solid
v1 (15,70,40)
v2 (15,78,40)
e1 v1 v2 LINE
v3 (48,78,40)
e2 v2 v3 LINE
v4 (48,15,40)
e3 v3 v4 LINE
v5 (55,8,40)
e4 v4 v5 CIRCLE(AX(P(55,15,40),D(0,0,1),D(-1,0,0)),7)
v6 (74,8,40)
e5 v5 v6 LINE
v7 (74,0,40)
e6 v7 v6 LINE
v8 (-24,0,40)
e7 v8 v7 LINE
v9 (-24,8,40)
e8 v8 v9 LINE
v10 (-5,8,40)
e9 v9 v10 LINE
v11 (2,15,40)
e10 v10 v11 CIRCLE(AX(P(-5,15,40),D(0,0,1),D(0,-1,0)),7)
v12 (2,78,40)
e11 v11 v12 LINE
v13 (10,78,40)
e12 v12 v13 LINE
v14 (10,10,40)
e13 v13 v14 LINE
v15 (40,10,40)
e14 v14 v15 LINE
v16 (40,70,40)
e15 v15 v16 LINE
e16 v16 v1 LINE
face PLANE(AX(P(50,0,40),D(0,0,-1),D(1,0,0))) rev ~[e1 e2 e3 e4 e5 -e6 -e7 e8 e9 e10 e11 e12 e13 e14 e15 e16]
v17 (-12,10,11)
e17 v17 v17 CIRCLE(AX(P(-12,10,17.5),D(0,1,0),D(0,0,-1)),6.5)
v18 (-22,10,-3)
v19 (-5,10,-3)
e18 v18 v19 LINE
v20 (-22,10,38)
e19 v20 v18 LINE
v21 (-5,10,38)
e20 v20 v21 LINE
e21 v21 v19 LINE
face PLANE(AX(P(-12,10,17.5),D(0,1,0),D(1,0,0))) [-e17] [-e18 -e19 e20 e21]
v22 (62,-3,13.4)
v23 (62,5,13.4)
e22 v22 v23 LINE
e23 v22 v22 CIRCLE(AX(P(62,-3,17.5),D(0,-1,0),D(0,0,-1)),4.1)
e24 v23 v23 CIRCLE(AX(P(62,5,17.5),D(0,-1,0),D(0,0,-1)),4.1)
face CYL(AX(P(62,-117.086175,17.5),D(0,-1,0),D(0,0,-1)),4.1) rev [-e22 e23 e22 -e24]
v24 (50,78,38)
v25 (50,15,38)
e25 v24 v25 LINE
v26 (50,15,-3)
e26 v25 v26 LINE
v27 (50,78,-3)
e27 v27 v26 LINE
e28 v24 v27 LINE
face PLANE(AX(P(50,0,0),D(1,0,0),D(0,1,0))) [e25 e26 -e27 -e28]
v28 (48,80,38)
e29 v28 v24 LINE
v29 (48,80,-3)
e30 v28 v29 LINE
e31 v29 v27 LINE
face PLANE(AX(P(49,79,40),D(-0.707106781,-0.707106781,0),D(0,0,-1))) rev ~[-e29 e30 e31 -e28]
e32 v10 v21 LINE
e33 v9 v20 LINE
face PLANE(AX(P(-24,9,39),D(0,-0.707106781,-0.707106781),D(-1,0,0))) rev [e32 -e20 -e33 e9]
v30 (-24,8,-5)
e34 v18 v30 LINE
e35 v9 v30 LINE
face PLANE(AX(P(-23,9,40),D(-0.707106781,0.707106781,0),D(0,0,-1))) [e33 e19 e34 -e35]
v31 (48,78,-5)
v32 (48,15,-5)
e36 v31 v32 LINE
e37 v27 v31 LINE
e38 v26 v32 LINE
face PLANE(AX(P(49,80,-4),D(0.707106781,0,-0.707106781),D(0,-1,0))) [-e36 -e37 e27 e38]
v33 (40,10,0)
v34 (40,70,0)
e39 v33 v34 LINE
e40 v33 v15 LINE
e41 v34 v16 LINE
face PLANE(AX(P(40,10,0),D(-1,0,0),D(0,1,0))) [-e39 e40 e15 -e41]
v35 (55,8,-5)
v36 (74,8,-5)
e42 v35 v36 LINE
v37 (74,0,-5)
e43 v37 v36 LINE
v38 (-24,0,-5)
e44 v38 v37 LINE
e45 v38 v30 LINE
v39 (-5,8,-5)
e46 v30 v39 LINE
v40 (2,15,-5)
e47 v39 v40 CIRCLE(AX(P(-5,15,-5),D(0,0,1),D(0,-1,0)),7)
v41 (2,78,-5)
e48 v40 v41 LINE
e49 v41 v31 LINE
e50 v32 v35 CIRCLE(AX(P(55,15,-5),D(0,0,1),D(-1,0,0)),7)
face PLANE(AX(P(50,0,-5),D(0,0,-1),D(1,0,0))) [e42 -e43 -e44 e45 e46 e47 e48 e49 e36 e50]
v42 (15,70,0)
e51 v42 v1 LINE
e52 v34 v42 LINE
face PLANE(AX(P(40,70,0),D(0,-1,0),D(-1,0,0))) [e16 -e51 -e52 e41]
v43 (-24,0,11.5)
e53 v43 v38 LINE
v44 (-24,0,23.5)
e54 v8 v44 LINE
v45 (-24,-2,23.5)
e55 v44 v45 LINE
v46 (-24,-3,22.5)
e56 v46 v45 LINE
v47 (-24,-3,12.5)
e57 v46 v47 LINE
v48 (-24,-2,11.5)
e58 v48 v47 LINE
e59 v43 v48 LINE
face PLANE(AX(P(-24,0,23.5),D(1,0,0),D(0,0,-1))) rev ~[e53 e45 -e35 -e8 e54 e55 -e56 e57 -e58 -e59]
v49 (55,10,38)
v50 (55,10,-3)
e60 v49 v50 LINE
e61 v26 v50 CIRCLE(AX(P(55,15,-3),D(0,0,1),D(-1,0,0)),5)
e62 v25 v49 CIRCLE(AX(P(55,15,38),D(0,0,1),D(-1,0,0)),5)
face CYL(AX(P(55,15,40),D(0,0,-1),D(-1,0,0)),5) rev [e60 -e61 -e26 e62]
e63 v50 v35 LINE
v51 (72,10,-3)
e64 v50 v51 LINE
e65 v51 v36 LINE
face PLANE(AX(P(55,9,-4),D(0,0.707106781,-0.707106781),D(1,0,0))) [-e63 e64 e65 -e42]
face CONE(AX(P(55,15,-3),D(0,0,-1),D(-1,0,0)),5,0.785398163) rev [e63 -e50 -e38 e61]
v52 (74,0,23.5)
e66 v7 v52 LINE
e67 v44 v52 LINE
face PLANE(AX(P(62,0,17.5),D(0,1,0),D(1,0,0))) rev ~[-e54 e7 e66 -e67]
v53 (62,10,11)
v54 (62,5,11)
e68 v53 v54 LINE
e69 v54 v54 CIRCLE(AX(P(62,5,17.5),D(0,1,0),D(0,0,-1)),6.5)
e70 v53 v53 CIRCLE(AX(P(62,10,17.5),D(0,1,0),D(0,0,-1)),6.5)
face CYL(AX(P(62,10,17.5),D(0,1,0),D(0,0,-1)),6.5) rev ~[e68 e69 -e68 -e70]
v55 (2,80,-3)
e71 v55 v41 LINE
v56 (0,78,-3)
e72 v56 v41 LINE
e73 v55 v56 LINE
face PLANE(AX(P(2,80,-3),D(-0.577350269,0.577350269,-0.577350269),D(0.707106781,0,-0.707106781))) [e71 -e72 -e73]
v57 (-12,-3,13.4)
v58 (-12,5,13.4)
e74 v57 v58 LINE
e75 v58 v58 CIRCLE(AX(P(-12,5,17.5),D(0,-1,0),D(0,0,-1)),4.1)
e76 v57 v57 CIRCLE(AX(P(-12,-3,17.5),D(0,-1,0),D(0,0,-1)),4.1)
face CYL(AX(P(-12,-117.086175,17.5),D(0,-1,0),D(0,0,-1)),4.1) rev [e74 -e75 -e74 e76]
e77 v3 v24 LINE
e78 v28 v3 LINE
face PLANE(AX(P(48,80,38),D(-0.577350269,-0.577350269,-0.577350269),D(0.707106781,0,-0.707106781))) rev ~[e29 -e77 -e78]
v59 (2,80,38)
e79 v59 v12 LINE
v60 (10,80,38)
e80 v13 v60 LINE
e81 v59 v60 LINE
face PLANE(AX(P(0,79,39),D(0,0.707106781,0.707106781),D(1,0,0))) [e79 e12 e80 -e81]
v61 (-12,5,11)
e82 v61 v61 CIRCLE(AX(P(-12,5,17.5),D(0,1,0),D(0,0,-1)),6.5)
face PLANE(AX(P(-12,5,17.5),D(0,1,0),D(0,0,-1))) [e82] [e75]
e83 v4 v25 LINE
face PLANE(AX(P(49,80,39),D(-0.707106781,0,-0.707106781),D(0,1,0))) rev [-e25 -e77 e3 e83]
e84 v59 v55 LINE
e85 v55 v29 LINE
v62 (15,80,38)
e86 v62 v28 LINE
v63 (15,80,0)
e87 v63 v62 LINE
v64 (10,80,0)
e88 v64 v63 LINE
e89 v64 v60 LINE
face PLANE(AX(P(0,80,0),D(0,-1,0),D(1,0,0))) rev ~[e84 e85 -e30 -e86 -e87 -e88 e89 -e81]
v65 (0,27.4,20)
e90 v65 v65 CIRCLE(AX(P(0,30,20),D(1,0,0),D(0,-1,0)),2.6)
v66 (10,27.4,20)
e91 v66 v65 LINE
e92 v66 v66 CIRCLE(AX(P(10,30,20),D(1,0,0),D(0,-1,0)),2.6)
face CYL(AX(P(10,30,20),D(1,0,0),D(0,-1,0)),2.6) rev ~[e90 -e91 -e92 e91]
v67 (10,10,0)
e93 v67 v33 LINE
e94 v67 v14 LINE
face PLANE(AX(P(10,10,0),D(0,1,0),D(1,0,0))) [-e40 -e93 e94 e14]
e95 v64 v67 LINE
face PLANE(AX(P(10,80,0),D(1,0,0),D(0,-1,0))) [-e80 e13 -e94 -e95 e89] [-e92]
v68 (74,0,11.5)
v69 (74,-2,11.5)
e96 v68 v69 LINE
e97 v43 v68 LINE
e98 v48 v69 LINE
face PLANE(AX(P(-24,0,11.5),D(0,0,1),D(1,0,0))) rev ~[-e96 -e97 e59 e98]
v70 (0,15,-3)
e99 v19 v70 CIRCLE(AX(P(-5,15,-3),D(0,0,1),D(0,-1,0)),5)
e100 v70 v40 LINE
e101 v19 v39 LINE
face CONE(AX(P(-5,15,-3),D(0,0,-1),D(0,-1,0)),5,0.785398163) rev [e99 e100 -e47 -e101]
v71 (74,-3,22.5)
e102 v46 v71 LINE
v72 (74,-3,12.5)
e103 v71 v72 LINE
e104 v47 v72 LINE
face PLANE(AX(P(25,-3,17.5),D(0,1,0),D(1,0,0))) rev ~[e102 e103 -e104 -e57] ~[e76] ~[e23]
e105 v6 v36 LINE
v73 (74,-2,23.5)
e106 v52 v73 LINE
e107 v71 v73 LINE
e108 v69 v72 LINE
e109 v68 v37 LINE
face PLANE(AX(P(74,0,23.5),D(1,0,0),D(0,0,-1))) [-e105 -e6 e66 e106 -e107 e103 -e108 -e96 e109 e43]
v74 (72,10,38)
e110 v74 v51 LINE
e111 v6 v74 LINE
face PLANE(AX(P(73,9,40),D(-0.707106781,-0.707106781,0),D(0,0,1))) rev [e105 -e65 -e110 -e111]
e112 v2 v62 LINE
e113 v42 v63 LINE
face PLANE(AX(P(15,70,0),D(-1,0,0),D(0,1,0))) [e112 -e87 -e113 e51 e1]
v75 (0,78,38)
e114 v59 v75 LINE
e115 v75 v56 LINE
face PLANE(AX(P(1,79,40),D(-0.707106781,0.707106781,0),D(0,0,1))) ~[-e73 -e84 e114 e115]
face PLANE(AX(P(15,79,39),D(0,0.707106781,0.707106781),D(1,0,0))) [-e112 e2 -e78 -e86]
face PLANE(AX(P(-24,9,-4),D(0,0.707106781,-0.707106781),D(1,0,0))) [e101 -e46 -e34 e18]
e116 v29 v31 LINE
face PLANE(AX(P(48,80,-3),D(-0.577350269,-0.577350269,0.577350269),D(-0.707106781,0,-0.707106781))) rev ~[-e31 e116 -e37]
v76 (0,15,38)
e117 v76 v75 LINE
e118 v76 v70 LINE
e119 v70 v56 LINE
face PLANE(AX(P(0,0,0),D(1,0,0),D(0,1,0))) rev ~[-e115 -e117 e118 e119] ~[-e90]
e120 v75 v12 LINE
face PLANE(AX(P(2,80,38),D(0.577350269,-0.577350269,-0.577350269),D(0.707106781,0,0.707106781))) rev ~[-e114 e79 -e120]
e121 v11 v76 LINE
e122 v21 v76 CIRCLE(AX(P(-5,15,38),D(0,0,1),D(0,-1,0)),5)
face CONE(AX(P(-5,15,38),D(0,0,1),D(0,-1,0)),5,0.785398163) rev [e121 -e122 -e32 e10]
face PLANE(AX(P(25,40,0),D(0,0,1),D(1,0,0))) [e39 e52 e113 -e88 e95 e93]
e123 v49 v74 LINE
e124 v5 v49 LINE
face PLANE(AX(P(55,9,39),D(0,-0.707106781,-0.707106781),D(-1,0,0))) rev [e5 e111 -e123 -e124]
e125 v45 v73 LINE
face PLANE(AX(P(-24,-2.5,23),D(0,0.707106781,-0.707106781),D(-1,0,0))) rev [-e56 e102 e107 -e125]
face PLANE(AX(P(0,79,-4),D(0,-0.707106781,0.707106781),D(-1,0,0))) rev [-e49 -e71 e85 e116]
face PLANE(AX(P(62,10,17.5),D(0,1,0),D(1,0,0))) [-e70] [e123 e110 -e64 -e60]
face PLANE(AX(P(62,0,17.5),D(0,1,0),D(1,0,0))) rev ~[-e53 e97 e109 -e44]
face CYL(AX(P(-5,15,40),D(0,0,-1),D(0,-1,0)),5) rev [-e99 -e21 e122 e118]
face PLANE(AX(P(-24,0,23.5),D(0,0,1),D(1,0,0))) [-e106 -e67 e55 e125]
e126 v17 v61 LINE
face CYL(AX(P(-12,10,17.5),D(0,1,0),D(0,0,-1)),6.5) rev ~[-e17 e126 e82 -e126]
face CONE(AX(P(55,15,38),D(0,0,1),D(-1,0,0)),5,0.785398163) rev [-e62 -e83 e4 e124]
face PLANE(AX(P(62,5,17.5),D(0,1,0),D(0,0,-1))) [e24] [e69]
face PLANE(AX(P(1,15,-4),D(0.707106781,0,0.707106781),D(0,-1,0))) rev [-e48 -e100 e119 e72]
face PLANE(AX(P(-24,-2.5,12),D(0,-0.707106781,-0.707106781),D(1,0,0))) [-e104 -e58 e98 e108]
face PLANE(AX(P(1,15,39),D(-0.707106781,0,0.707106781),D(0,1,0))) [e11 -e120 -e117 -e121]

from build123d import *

# Parameters (mm, degrees)
BOSS_EXTRUDE1_DEPTH     = 40
CUT_EXTRUDE1_START      = 10
SKETCH2_R               = 2.6
CUT_EXTRUDE1_DEPTH      = 113.46950766
SKETCH9_W               = 50
SKETCH9_H               = 80
BOSS_EXTRUDE2_DEPTH     = 5
SKETCH11_W              = 24
SKETCH11_H              = 45
BOSS_EXTRUDE3_DEPTH     = 10
CUT_EXTRUDE2_DEPTH      = 117.086174887
CUT_EXTRUDE2_DEPTH_BACK = 117.086174887
SKETCH12_R              = 4.1
CUT_EXTRUDE3_START      = 10
SKETCH13_R              = 6.5
CUT_EXTRUDE3_DEPTH      = 5
FILLET2_R               = 5
CHAMFER1_SIZE           = 2
SKETCH14_W              = 98
SKETCH14_H              = 12
BOSS_EXTRUDE4_DEPTH     = 3
CUT_EXTRUDE4_DEPTH      = 117.086174887
CUT_EXTRUDE4_DEPTH_BACK = 117.086174887
SKETCH12_2_R            = 4.1
CHAMFER2_SIZE           = 1


with BuildPart() as part:
    # Sketch1 → Boss-Extrude1 (new body)
    with BuildSketch(Plane.XY):
        Polygon((0, 0), (0, 80), (10, 80), (10, 10), (40, 10), (40, 70), (15, 70), (15, 80), (50, 80), (50, 0), align=None)
    extrude(amount=BOSS_EXTRUDE1_DEPTH)

    # Sketch2 → Cut-Extrude1 (cut, through all)
    with BuildSketch(Plane(origin=(0, 0, 0), x_dir=(0, 0, -1), z_dir=(1, 0, 0)).offset(CUT_EXTRUDE1_START)):
        with Locations(Location((-20, 30, 0), (0, 0, 270))):
            Circle(SKETCH2_R)
    extrude(amount=-CUT_EXTRUDE1_DEPTH, mode=Mode.SUBTRACT)

    # Sketch9 → Boss-Extrude2 (add)
    with BuildSketch(Plane.XY):
        with Locations((25, 40)):
            Rectangle(SKETCH9_W, SKETCH9_H)
    extrude(amount=-BOSS_EXTRUDE2_DEPTH)

    # Sketch11 → Boss-Extrude3 (add)
    with BuildSketch(Plane(origin=(0, 0, 0), x_dir=(1, 0, 0), z_dir=(0, 1, 0))):
        with Locations((62, -17.5)):
            Rectangle(SKETCH11_W, SKETCH11_H)
        with Locations((-12, -17.5)):
            Rectangle(SKETCH11_W, SKETCH11_H)
    extrude(amount=BOSS_EXTRUDE3_DEPTH)

    # Sketch12 → Cut-Extrude2 (cut, two sides: drawn at the far end of the back side and taken through both)
    with BuildSketch(Plane(origin=(0, 0, 0), x_dir=(1, 0, 0), z_dir=(0, 1, 0)).offset(-CUT_EXTRUDE2_DEPTH_BACK)):
        with Locations(Location((-12, -17.5, 0), (0, 0, 90))):
            Circle(SKETCH12_R)
        with Locations(Location((62, -17.5, 0), (0, 0, 90))):
            Circle(SKETCH12_R)
    extrude(amount=CUT_EXTRUDE2_DEPTH + CUT_EXTRUDE2_DEPTH_BACK, mode=Mode.SUBTRACT)

    # Sketch13 → Cut-Extrude3 (cut)
    with BuildSketch(Plane(origin=(0, 0, 0), x_dir=(1, 0, 0), z_dir=(0, 1, 0)).offset(CUT_EXTRUDE3_START)):
        with Locations(Location((-12, -17.5, 0), (0, 0, 90))):
            Circle(SKETCH13_R)
        with Locations(Location((62, -17.5, 0), (0, 0, 90))):
            Circle(SKETCH13_R)
    extrude(amount=-CUT_EXTRUDE3_DEPTH, mode=Mode.SUBTRACT)

    # Fillet2
    fillet2_edges = [part.edges().sort_by_distance(p)[0] for p in [
        (0, 10, 17.5),
        (50, 10, 17.5),
    ]]
    fillet(fillet2_edges, radius=FILLET2_R)

    # Chamfer1
    chamfer1_edges = [part.edges().sort_by_distance(p)[0] for p in [
        (-14.5, 10, 40),
        (51.464466094, 11.464466094, -5),
        (51.464466094, 11.464466094, 40),
        (-1.464466094, 11.464466094, 40),
        (-1.464466094, 11.464466094, -5),
        (32.5, 80, 40),
        (0, 80, 17.5),
        (50, 80, 17.5),
        (25, 80, -5),
        (0, 47.5, -5),
        (5, 80, 40),
        (0, 47.5, 40),
        (-24, 10, 17.5),
        (-14.5, 10, -5),
        (74, 10, 17.5),
        (64.5, 10, 40),
        (50, 47.5, 40),
        (50, 47.5, -5),
        (64.5, 10, -5),
    ]]
    chamfer(chamfer1_edges, length=CHAMFER1_SIZE)

    # Sketch14 → Boss-Extrude4 (add)
    with BuildSketch(Plane(origin=(0, 0, 0), x_dir=(1, 0, 0), z_dir=(0, 1, 0))):
        with Locations((25, -17.5)):
            Rectangle(SKETCH14_W, SKETCH14_H)
    extrude(amount=-BOSS_EXTRUDE4_DEPTH)

    # Sketch12<2> → Cut-Extrude4 (cut, two sides: drawn at the far end of the back side and taken through both)
    with BuildSketch(Plane(origin=(0, 0, 0), x_dir=(1, 0, 0), z_dir=(0, 1, 0)).offset(-CUT_EXTRUDE4_DEPTH_BACK)):
        with Locations(Location((-12, -17.5, 0), (0, 0, 90))):
            Circle(SKETCH12_2_R)
        with Locations(Location((62, -17.5, 0), (0, 0, 90))):
            Circle(SKETCH12_2_R)
    extrude(amount=CUT_EXTRUDE4_DEPTH + CUT_EXTRUDE4_DEPTH_BACK, mode=Mode.SUBTRACT)

    # Chamfer2
    chamfer2_edges = [part.edges().sort_by_distance(p)[0] for p in [
        (25, -3, 11.5),
        (25, -3, 23.5),
    ]]
    chamfer(chamfer2_edges, length=CHAMFER2_SIZE)


solid = part.part
